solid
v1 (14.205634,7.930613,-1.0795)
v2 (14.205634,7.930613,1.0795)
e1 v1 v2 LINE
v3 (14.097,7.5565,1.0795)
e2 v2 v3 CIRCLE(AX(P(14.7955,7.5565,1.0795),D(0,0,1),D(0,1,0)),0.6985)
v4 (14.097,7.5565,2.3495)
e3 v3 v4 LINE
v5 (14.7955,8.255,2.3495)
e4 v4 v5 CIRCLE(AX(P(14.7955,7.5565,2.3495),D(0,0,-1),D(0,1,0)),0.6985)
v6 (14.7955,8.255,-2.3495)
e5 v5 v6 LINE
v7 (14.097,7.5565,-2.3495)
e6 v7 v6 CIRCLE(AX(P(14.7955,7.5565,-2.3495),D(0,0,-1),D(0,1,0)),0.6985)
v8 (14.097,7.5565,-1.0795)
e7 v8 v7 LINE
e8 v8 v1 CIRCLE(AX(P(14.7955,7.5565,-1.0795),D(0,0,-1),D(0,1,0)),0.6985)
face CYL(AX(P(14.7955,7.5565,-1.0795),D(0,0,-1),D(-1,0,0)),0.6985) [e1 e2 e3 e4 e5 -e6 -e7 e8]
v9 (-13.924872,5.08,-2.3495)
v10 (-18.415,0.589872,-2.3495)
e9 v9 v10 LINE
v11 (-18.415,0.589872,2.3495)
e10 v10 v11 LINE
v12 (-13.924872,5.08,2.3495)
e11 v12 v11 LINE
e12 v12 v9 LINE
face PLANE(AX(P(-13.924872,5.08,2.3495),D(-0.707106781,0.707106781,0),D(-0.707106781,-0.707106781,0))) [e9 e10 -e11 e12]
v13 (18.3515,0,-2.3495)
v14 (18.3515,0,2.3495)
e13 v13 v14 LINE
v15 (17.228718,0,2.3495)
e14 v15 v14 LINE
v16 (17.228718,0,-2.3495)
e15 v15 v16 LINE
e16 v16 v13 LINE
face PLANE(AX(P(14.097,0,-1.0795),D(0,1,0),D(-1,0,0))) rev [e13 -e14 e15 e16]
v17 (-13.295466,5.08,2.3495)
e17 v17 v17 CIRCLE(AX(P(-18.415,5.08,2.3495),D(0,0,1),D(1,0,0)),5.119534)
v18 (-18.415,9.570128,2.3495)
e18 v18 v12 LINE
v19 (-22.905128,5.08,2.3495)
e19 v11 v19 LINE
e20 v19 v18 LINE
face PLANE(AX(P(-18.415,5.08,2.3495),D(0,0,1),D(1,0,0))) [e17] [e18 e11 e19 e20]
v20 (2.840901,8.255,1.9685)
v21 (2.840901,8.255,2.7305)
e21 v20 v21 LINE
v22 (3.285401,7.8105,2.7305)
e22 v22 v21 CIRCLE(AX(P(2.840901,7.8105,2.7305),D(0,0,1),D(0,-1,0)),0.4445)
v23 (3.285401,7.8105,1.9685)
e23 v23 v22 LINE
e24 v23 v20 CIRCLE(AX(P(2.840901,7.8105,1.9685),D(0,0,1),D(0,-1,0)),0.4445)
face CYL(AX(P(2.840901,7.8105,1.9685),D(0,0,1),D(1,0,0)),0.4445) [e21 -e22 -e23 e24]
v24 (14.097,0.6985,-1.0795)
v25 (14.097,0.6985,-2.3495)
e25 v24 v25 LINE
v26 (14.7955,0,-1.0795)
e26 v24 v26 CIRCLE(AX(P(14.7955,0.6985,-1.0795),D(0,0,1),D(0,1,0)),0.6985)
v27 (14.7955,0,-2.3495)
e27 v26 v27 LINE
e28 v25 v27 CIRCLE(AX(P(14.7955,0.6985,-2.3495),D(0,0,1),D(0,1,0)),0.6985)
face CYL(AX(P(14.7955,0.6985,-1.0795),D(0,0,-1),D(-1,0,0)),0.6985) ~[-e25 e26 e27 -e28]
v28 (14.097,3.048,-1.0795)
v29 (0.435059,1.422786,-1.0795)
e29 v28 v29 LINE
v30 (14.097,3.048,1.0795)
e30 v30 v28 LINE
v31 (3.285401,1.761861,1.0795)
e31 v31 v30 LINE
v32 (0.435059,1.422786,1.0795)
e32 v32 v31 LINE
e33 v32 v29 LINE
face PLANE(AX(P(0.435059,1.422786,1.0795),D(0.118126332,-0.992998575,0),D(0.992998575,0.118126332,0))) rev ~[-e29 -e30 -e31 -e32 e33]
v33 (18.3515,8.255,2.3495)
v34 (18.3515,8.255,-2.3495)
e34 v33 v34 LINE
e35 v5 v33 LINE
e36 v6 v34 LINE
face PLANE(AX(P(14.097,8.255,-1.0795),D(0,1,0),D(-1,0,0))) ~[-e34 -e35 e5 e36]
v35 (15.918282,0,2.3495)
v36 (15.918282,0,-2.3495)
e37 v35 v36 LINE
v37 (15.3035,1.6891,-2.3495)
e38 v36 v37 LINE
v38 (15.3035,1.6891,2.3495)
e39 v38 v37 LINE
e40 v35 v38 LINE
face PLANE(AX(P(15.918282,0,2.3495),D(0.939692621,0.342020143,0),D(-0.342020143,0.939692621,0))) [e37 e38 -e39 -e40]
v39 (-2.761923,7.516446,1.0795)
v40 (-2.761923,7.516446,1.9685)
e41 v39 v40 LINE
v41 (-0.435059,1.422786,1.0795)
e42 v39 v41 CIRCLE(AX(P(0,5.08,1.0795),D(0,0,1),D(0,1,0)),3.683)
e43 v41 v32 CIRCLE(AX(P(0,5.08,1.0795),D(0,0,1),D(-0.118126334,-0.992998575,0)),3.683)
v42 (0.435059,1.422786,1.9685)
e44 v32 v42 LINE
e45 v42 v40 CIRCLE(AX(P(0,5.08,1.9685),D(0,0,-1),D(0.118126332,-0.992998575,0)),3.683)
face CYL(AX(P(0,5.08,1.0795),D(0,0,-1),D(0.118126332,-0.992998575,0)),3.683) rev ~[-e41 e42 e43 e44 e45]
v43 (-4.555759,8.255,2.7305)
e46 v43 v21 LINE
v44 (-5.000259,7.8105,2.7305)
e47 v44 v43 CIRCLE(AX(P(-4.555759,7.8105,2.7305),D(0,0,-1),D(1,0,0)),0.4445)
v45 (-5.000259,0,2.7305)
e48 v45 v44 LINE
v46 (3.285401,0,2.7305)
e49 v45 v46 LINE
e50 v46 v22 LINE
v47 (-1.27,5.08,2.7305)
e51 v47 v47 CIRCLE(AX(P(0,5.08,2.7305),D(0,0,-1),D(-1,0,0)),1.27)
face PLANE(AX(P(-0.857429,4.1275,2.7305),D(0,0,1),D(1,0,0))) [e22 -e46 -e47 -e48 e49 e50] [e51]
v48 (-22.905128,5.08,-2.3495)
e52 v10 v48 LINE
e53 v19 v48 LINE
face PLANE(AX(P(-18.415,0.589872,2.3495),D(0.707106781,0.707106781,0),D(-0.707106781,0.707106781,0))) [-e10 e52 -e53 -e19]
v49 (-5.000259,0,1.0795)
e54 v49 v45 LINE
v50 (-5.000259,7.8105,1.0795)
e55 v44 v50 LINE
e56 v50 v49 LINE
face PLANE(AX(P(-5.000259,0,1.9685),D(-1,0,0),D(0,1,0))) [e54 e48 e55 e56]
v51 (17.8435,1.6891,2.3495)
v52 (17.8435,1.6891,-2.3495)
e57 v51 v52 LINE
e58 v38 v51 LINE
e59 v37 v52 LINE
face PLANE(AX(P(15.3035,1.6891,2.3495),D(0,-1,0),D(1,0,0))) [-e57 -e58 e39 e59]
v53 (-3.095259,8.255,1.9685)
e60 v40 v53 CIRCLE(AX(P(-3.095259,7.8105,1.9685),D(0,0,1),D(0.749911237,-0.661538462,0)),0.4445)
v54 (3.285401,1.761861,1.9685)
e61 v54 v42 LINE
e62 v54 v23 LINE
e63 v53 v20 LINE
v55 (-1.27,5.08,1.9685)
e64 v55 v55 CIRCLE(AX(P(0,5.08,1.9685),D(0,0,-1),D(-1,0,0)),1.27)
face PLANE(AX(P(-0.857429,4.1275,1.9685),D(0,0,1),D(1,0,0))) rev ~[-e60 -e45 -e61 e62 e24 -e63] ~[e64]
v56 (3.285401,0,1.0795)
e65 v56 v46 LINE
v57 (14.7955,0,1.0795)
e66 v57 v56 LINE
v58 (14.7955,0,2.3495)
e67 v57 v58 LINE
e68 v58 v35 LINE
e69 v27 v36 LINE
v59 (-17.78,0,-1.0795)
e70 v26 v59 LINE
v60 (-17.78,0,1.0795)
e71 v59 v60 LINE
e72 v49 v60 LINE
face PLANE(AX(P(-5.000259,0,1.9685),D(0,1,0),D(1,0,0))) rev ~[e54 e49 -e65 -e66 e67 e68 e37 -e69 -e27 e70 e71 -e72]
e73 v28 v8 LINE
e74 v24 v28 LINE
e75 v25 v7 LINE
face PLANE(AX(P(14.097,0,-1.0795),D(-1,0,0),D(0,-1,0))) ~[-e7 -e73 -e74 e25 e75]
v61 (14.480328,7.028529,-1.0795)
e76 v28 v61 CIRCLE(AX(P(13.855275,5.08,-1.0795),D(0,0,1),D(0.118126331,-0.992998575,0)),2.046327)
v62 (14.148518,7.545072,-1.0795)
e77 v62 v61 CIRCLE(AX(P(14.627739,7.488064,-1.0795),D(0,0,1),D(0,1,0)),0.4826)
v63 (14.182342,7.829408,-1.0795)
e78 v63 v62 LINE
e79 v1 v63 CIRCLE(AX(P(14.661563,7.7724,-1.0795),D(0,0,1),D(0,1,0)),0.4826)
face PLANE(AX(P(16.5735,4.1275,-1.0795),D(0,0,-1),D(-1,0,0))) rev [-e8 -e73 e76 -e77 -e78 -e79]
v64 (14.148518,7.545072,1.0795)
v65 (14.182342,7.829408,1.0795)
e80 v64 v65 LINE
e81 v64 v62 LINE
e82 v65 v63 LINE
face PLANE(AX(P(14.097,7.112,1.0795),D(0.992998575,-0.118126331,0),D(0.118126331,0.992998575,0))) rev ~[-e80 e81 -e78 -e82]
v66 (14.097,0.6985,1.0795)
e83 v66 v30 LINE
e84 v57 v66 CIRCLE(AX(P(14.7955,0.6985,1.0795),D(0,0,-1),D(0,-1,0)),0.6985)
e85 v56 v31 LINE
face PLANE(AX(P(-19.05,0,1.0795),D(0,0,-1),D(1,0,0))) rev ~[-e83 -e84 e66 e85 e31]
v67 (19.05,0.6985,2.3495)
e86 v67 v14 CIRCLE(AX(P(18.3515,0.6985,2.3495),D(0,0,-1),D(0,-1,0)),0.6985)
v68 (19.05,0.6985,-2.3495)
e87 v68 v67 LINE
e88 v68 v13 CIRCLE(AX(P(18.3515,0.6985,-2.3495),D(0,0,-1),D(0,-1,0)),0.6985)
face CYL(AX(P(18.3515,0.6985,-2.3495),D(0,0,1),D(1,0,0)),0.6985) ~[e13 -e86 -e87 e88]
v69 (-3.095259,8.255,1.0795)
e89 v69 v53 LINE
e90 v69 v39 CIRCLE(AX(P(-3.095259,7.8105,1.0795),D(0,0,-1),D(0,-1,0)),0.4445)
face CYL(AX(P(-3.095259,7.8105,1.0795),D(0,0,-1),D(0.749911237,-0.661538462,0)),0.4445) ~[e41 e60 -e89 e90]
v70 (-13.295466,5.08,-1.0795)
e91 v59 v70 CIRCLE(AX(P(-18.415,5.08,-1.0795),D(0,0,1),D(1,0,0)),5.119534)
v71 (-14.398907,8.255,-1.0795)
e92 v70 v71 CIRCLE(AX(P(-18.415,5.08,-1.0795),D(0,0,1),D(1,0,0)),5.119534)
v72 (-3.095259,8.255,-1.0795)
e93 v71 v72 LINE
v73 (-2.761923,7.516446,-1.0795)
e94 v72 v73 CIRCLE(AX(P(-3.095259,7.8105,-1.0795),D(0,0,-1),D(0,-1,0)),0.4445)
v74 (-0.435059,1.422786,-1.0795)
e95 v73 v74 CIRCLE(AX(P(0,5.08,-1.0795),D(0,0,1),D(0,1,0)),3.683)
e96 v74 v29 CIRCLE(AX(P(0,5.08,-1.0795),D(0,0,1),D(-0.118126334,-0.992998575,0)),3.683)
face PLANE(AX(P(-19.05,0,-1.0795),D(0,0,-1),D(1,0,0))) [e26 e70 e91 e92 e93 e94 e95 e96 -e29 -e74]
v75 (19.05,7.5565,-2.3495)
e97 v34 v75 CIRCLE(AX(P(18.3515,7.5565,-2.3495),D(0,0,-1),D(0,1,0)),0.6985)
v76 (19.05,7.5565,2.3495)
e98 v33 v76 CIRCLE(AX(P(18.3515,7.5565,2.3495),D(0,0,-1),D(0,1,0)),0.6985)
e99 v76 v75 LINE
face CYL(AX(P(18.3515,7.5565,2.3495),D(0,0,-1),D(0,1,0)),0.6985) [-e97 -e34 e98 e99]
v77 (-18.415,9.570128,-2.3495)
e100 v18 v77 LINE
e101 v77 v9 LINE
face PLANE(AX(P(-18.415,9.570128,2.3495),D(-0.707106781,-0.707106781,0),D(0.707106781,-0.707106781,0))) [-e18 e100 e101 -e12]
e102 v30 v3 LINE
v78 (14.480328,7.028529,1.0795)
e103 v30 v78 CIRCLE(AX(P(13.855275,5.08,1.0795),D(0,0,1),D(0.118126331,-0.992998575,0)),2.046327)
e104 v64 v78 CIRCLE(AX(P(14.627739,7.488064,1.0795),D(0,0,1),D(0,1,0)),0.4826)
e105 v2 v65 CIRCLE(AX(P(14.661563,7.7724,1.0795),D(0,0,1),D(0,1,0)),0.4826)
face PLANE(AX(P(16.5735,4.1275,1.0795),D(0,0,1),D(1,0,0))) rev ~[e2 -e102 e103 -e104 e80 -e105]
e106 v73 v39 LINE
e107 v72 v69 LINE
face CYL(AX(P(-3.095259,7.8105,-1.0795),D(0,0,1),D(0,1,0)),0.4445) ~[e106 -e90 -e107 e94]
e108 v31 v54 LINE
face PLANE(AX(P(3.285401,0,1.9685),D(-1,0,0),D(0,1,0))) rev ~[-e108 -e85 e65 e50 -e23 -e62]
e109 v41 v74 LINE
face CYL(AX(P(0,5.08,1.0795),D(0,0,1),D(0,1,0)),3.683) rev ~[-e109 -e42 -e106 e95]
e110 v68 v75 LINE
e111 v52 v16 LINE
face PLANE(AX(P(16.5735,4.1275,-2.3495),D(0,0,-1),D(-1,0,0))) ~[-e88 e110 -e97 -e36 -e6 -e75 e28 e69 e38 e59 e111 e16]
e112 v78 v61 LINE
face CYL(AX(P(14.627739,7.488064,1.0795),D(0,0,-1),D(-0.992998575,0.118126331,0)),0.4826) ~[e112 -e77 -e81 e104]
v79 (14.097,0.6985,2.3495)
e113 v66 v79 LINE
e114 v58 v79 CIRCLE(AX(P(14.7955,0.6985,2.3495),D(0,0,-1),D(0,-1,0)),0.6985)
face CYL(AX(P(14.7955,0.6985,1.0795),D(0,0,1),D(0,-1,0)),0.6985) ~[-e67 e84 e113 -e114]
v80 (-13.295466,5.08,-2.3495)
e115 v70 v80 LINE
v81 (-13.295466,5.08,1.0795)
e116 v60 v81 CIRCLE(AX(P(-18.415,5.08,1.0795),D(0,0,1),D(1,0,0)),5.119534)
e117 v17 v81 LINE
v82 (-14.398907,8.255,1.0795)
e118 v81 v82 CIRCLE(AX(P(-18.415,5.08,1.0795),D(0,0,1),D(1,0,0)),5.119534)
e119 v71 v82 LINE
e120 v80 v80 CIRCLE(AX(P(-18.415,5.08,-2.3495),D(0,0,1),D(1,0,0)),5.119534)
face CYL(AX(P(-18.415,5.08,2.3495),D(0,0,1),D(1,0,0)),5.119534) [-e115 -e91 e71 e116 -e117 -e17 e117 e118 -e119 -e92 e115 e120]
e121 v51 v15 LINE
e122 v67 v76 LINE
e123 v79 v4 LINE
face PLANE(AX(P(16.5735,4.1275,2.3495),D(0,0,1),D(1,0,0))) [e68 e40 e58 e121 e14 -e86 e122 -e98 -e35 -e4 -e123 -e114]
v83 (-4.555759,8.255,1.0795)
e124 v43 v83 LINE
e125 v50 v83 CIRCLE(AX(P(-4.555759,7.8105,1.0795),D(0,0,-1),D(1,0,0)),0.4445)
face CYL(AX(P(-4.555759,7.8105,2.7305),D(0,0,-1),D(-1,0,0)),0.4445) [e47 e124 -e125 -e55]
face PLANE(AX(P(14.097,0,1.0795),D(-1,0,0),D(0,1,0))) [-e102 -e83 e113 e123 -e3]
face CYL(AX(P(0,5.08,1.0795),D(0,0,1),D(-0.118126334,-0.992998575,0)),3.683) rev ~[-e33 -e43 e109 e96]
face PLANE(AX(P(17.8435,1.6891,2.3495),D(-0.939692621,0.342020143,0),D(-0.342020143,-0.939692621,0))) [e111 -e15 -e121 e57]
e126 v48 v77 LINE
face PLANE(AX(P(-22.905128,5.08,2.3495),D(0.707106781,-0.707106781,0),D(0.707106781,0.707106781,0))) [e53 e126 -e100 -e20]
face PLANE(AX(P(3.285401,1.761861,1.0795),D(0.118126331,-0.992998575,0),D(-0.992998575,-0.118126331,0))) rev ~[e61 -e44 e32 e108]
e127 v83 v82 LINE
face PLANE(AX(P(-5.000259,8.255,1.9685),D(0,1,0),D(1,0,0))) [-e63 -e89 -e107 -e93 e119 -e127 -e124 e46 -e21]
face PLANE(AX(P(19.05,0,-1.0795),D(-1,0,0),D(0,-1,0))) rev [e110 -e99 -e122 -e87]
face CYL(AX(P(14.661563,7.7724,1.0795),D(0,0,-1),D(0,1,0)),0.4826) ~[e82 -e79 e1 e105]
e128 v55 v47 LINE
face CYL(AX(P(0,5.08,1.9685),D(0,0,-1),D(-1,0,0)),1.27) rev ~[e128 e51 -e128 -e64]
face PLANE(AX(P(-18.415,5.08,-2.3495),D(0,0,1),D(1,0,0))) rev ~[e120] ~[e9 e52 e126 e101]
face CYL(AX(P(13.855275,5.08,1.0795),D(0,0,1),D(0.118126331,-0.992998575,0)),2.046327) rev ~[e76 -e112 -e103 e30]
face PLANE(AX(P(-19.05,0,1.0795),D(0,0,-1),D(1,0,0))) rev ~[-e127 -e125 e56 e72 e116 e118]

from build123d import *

# Parameters (mm, degrees)
SKETCH1_W           = 38.1
SKETCH1_H           = 2.159
BOSS_EXTRUDE1_DEPTH = 8.255
CUT_EXTRUDE1_DEPTH  = 12.7
FILLET5_R           = 0.4826
FILLET7_R           = 0.4445
SKETCH3_W           = 4.953
SKETCH3_H           = 8.255
BOSS_EXTRUDE2_DEPTH = 1.27
CUT_EXTRUDE4_DEPTH  = 5.699
FILLET9_R           = 0.6985
SKETCH4_R           = 5.11953367
BOSS_EXTRUDE3_DEPTH = 4.699
CUT_EXTRUDE3_DEPTH  = 4.699
BOSS_EXTRUDE4_DEPTH = 0.889
SKETCH10_W          = 8.28565978
SKETCH10_H          = 8.255
BOSS_EXTRUDE5_DEPTH = 0.762
FILLET10_R          = 0.4445
SKETCH11_R          = 1.27
CUT_EXTRUDE5_DEPTH  = 1.762


with BuildPart() as part:
    # Sketch1 → Boss-Extrude1 (new body)
    with BuildSketch(Plane(origin=(0, 0, 0), x_dir=(1, 0, 0), z_dir=(0, 1, 0))):
        Rectangle(SKETCH1_W, SKETCH1_H)
    extrude(amount=BOSS_EXTRUDE1_DEPTH)

    # Sketch2 → Cut-Extrude1 (cut)
    with BuildSketch(Plane.XY.offset(1.0795)):
        with BuildLine():
            Line((0.435059279, 1.422786249), (14.097, 3.048))
            ThreePointArc((14.097, 3.048), (15.901602081, 5.08), (14.097, 7.112))
            Line((14.097, 7.112), (14.839370062, 13.352542684))
            Line((14.839370062, 13.352542684), (0.435059279, 13.41059889))
            Line((0.435059279, 13.41059889), (-0.435059279, 13.41059889))
            Line((-0.435059279, 13.41059889), (0, 8.763))
            ThreePointArc((0, 8.763), (-3.676547786, 5.297911397), (-0.435059279, 1.422786249))
            ThreePointArc((-0.435059279, 1.422786249), (0, 1.397), (0.435059279, 1.422786249))
        make_face()
    extrude(amount=-CUT_EXTRUDE1_DEPTH, mode=Mode.SUBTRACT)

    # Fillet5
    fillet5_edges = [part.edges().sort_by_distance(p)[0] for p in [
        (14.232970383, 8.255, 0),
        (14.097, 7.112, 0),
    ]]
    fillet(fillet5_edges, radius=FILLET5_R)

    # Fillet7
    fillet7_edges = [part.edges().sort_by_distance(p)[0] for p in [
        (-1.866511184, 8.255, 0),
    ]]
    fillet(fillet7_edges, radius=FILLET7_R)

    # Sketch3 → Boss-Extrude2 (add)
    with BuildSketch(Plane.XY.offset(1.0795)):
        with Locations((16.5735, 4.1275)):
            Rectangle(SKETCH3_W, SKETCH3_H)
    boss_extrude2 = extrude(amount=BOSS_EXTRUDE2_DEPTH)

    # Mirror2: Boss-Extrude2 across plane
    add(boss_extrude2.mirror(Plane.XY))

    # Sketch8 → Cut-Extrude4 (cut, through all)
    with BuildSketch(Plane.XY.offset(2.3495)):
        Polygon((15.3035, 1.6891), (17.8435, 1.6891), (17.228717877, 0), (15.918282123, 0), align=None)
    extrude(amount=-CUT_EXTRUDE4_DEPTH, mode=Mode.SUBTRACT)

    # Fillet9
    fillet9_edges = [part.edges().sort_by_distance(p)[0] for p in [
        (14.097, 0, -1.7145),
        (14.097, 0, 1.7145),
        (14.097, 8.255, -1.7145),
        (19.05, 0, 0),
        (19.05, 8.255, 0),
    ]]
    fillet(fillet9_edges, radius=FILLET9_R)

    # Sketch4 → Boss-Extrude3 (add)
    with BuildSketch(Plane.XY.offset(2.3495)):
        with Locations((-18.415, 5.08)):
            Circle(SKETCH4_R)
        Polygon((-18.415, 0.589871939), (-22.905128061, 5.08), (-18.415, 9.570128061), (-13.924871939, 5.08), align=None, mode=Mode.SUBTRACT)
    extrude(amount=-BOSS_EXTRUDE3_DEPTH)

    # Sketch7 → Cut-Extrude3 (cut)
    with BuildSketch(Plane.XY.offset(2.3495)):
        Polygon((-22.905128061, 5.08), (-18.415, 9.570128061), (-13.924871939, 5.08), (-18.415, 0.589871939), align=None)
    extrude(amount=-CUT_EXTRUDE3_DEPTH, mode=Mode.SUBTRACT)

    # Sketch9 → Boss-Extrude4 (add)
    with BuildSketch(Plane.XY.offset(1.0795)):
        with BuildLine():
            Line((-3.095258632, 8.255), (-5.000258632, 8.255))
            Line((-5.000258632, 8.255), (-5.000258632, 0))
            Line((-5.000258632, 0), (0.110401148, 0))
            Line((0.110401148, 0), (3.285401148, 0))
            Line((3.285401148, 0), (3.285401148, 1.761860681))
            Line((3.285401148, 1.761860681), (0.435059279, 1.422786249))
            ThreePointArc((0.435059279, 1.422786249), (-3.261402544, 3.368935289), (-2.761923087, 7.516446154))
            ThreePointArc((-2.761923087, 7.516446154), (-2.690112248, 7.993356932), (-3.095258632, 8.255))
        make_face()
    extrude(amount=BOSS_EXTRUDE4_DEPTH)

    # Sketch10 → Boss-Extrude5 (add)
    with BuildSketch(Plane.XY.offset(1.9685)):
        with Locations((-0.857428742, 4.1275)):
            Rectangle(SKETCH10_W, SKETCH10_H)
    extrude(amount=BOSS_EXTRUDE5_DEPTH)

    # Fillet10
    fillet10_edges = [part.edges().sort_by_distance(p)[0] for p in [
        (-5.000258632, 8.255, 1.905),
        (3.285401148, 8.255, 2.3495),
    ]]
    fillet(fillet10_edges, radius=FILLET10_R)

    # Sketch11 → Cut-Extrude5 (cut, through all)
    with BuildSketch(Plane(origin=(0, 0, 1.9685), x_dir=(-1, 0, 0), z_dir=(0, 0, -1))):
        with Locations((0, 5.08)):
            Circle(SKETCH11_R)
    extrude(amount=-CUT_EXTRUDE5_DEPTH, mode=Mode.SUBTRACT)


solid = part.part
